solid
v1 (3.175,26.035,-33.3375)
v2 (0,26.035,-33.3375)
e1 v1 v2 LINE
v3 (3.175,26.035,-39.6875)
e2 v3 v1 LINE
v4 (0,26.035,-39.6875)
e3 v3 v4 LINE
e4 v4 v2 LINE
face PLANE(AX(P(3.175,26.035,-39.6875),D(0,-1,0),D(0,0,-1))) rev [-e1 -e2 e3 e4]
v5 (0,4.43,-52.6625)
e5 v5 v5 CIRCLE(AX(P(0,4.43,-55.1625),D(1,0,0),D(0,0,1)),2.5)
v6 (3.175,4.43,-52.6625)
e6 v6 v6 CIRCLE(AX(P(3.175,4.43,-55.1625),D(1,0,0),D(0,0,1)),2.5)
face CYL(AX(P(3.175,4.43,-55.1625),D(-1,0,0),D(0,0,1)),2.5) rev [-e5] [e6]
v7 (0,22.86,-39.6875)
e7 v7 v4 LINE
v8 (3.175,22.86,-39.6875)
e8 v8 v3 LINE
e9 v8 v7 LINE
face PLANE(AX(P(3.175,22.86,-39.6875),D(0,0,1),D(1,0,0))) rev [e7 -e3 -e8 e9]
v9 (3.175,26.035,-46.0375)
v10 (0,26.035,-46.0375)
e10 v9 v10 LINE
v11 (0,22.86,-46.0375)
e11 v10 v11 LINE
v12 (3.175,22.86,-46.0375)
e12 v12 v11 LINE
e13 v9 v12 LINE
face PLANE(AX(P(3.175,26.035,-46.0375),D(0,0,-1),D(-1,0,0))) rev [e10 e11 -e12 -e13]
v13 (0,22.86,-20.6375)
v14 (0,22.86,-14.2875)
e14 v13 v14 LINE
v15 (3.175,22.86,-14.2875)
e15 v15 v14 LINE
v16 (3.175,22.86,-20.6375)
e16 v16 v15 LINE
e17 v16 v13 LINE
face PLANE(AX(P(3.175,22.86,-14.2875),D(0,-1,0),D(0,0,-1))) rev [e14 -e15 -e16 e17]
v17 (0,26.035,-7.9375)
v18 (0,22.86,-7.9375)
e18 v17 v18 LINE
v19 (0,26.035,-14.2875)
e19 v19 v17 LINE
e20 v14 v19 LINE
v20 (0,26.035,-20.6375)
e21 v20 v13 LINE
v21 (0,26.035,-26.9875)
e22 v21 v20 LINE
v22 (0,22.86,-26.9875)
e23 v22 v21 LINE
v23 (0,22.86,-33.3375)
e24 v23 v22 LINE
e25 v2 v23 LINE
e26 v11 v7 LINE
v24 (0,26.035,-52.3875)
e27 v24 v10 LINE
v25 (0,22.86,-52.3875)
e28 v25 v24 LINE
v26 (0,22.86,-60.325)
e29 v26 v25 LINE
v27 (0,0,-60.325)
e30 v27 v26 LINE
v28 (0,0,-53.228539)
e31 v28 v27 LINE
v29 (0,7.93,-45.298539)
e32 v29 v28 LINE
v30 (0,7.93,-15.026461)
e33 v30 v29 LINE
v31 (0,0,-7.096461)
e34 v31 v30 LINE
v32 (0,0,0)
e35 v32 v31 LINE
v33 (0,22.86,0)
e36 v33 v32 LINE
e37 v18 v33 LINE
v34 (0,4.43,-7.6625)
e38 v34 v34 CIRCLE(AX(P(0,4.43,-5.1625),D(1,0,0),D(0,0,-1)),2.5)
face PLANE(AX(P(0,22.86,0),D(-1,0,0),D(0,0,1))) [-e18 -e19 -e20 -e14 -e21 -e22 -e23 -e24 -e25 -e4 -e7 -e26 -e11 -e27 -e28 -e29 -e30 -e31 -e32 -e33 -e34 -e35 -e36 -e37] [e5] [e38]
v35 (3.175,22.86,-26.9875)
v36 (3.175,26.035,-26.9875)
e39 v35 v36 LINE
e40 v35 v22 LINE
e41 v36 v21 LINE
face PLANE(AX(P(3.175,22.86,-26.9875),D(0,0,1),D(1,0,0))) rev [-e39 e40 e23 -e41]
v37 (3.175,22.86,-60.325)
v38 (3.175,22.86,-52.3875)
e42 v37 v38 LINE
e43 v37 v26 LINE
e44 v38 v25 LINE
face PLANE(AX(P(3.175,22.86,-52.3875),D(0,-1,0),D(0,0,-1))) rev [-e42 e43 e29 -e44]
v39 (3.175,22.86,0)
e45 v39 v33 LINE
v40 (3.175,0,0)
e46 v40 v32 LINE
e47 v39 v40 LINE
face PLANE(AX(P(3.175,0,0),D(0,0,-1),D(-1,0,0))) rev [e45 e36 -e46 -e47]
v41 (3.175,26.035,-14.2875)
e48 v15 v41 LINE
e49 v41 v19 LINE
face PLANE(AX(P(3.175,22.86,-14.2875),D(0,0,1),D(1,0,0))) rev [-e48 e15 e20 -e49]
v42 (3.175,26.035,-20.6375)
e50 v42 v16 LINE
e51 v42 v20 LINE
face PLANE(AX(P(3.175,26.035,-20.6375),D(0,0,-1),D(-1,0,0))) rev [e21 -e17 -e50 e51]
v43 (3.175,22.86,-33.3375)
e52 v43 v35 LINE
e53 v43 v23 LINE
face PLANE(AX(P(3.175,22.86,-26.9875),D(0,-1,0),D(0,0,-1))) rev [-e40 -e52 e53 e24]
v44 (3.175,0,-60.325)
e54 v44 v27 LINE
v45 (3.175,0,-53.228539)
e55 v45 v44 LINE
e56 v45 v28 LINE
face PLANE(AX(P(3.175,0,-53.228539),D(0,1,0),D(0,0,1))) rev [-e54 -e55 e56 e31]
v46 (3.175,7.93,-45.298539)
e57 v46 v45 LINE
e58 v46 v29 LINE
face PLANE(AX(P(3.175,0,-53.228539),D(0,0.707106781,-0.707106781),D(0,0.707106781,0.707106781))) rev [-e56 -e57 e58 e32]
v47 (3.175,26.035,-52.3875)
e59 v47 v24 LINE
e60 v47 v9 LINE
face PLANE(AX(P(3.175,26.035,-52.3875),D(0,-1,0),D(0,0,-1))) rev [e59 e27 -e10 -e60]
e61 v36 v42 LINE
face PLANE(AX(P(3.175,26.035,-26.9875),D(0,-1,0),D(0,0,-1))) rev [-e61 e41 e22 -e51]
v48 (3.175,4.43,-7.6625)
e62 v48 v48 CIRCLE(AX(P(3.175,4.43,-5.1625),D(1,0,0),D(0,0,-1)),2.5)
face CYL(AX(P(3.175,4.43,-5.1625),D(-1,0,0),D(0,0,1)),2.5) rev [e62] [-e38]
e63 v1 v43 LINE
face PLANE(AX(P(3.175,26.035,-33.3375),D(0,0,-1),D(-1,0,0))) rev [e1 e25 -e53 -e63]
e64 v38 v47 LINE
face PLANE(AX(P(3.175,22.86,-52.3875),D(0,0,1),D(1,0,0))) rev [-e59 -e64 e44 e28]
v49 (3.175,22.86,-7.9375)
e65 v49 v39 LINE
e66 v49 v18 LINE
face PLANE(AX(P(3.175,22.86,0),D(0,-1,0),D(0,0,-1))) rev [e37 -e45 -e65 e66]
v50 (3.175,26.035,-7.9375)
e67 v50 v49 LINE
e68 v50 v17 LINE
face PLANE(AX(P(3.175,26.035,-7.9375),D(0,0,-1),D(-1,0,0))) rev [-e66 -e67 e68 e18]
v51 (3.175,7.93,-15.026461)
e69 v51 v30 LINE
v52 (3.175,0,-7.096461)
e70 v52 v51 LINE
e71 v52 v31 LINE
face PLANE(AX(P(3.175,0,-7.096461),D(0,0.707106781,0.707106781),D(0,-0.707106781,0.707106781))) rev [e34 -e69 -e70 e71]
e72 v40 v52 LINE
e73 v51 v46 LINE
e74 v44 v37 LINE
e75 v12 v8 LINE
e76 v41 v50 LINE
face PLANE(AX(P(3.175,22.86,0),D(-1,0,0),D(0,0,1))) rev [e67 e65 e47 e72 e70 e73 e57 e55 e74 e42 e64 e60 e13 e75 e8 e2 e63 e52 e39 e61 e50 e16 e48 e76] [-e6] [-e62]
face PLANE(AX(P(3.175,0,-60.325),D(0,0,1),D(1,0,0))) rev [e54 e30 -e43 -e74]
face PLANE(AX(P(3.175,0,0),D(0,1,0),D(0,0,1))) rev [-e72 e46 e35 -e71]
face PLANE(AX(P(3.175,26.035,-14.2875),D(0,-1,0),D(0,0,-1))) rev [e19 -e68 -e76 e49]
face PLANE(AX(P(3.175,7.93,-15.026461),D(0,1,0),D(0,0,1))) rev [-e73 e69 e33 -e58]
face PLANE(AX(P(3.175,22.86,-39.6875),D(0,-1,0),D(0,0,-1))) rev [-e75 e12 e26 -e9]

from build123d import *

# Parameters (mm, degrees)
SKETCH1_R           = 2.5
BOSS_EXTRUDE1_DEPTH = 3.175


with BuildPart() as part:
    # Sketch1 → Boss-Extrude1 (new body)
    with BuildSketch(Plane(origin=(0, 0, 0), x_dir=(0, 0, -1), z_dir=(1, 0, 0))):
        Polygon((0, 0), (7.096461031, 0), (15.026461031, 7.93), (45.298538969, 7.93), (53.228538969, 0), (60.325, 0), (60.325, 22.86), (52.3875, 22.86), (52.3875, 26.035), (46.0375, 26.035), (46.0375, 22.86), (39.6875, 22.86), (39.6875, 26.035), (33.3375, 26.035), (33.3375, 22.86), (26.9875, 22.86), (26.9875, 26.035), (20.6375, 26.035), (20.6375, 22.86), (14.2875, 22.86), (14.2875, 26.035), (7.9375, 26.035), (7.9375, 22.86), (0, 22.86), align=None)
        with Locations((5.1625, 4.43)):
            Circle(SKETCH1_R, mode=Mode.SUBTRACT)
        with Locations(Location((55.1625, 4.43, 0), (0, 0, 180))):
            Circle(SKETCH1_R, mode=Mode.SUBTRACT)
    extrude(amount=BOSS_EXTRUDE1_DEPTH)


solid = part.part
